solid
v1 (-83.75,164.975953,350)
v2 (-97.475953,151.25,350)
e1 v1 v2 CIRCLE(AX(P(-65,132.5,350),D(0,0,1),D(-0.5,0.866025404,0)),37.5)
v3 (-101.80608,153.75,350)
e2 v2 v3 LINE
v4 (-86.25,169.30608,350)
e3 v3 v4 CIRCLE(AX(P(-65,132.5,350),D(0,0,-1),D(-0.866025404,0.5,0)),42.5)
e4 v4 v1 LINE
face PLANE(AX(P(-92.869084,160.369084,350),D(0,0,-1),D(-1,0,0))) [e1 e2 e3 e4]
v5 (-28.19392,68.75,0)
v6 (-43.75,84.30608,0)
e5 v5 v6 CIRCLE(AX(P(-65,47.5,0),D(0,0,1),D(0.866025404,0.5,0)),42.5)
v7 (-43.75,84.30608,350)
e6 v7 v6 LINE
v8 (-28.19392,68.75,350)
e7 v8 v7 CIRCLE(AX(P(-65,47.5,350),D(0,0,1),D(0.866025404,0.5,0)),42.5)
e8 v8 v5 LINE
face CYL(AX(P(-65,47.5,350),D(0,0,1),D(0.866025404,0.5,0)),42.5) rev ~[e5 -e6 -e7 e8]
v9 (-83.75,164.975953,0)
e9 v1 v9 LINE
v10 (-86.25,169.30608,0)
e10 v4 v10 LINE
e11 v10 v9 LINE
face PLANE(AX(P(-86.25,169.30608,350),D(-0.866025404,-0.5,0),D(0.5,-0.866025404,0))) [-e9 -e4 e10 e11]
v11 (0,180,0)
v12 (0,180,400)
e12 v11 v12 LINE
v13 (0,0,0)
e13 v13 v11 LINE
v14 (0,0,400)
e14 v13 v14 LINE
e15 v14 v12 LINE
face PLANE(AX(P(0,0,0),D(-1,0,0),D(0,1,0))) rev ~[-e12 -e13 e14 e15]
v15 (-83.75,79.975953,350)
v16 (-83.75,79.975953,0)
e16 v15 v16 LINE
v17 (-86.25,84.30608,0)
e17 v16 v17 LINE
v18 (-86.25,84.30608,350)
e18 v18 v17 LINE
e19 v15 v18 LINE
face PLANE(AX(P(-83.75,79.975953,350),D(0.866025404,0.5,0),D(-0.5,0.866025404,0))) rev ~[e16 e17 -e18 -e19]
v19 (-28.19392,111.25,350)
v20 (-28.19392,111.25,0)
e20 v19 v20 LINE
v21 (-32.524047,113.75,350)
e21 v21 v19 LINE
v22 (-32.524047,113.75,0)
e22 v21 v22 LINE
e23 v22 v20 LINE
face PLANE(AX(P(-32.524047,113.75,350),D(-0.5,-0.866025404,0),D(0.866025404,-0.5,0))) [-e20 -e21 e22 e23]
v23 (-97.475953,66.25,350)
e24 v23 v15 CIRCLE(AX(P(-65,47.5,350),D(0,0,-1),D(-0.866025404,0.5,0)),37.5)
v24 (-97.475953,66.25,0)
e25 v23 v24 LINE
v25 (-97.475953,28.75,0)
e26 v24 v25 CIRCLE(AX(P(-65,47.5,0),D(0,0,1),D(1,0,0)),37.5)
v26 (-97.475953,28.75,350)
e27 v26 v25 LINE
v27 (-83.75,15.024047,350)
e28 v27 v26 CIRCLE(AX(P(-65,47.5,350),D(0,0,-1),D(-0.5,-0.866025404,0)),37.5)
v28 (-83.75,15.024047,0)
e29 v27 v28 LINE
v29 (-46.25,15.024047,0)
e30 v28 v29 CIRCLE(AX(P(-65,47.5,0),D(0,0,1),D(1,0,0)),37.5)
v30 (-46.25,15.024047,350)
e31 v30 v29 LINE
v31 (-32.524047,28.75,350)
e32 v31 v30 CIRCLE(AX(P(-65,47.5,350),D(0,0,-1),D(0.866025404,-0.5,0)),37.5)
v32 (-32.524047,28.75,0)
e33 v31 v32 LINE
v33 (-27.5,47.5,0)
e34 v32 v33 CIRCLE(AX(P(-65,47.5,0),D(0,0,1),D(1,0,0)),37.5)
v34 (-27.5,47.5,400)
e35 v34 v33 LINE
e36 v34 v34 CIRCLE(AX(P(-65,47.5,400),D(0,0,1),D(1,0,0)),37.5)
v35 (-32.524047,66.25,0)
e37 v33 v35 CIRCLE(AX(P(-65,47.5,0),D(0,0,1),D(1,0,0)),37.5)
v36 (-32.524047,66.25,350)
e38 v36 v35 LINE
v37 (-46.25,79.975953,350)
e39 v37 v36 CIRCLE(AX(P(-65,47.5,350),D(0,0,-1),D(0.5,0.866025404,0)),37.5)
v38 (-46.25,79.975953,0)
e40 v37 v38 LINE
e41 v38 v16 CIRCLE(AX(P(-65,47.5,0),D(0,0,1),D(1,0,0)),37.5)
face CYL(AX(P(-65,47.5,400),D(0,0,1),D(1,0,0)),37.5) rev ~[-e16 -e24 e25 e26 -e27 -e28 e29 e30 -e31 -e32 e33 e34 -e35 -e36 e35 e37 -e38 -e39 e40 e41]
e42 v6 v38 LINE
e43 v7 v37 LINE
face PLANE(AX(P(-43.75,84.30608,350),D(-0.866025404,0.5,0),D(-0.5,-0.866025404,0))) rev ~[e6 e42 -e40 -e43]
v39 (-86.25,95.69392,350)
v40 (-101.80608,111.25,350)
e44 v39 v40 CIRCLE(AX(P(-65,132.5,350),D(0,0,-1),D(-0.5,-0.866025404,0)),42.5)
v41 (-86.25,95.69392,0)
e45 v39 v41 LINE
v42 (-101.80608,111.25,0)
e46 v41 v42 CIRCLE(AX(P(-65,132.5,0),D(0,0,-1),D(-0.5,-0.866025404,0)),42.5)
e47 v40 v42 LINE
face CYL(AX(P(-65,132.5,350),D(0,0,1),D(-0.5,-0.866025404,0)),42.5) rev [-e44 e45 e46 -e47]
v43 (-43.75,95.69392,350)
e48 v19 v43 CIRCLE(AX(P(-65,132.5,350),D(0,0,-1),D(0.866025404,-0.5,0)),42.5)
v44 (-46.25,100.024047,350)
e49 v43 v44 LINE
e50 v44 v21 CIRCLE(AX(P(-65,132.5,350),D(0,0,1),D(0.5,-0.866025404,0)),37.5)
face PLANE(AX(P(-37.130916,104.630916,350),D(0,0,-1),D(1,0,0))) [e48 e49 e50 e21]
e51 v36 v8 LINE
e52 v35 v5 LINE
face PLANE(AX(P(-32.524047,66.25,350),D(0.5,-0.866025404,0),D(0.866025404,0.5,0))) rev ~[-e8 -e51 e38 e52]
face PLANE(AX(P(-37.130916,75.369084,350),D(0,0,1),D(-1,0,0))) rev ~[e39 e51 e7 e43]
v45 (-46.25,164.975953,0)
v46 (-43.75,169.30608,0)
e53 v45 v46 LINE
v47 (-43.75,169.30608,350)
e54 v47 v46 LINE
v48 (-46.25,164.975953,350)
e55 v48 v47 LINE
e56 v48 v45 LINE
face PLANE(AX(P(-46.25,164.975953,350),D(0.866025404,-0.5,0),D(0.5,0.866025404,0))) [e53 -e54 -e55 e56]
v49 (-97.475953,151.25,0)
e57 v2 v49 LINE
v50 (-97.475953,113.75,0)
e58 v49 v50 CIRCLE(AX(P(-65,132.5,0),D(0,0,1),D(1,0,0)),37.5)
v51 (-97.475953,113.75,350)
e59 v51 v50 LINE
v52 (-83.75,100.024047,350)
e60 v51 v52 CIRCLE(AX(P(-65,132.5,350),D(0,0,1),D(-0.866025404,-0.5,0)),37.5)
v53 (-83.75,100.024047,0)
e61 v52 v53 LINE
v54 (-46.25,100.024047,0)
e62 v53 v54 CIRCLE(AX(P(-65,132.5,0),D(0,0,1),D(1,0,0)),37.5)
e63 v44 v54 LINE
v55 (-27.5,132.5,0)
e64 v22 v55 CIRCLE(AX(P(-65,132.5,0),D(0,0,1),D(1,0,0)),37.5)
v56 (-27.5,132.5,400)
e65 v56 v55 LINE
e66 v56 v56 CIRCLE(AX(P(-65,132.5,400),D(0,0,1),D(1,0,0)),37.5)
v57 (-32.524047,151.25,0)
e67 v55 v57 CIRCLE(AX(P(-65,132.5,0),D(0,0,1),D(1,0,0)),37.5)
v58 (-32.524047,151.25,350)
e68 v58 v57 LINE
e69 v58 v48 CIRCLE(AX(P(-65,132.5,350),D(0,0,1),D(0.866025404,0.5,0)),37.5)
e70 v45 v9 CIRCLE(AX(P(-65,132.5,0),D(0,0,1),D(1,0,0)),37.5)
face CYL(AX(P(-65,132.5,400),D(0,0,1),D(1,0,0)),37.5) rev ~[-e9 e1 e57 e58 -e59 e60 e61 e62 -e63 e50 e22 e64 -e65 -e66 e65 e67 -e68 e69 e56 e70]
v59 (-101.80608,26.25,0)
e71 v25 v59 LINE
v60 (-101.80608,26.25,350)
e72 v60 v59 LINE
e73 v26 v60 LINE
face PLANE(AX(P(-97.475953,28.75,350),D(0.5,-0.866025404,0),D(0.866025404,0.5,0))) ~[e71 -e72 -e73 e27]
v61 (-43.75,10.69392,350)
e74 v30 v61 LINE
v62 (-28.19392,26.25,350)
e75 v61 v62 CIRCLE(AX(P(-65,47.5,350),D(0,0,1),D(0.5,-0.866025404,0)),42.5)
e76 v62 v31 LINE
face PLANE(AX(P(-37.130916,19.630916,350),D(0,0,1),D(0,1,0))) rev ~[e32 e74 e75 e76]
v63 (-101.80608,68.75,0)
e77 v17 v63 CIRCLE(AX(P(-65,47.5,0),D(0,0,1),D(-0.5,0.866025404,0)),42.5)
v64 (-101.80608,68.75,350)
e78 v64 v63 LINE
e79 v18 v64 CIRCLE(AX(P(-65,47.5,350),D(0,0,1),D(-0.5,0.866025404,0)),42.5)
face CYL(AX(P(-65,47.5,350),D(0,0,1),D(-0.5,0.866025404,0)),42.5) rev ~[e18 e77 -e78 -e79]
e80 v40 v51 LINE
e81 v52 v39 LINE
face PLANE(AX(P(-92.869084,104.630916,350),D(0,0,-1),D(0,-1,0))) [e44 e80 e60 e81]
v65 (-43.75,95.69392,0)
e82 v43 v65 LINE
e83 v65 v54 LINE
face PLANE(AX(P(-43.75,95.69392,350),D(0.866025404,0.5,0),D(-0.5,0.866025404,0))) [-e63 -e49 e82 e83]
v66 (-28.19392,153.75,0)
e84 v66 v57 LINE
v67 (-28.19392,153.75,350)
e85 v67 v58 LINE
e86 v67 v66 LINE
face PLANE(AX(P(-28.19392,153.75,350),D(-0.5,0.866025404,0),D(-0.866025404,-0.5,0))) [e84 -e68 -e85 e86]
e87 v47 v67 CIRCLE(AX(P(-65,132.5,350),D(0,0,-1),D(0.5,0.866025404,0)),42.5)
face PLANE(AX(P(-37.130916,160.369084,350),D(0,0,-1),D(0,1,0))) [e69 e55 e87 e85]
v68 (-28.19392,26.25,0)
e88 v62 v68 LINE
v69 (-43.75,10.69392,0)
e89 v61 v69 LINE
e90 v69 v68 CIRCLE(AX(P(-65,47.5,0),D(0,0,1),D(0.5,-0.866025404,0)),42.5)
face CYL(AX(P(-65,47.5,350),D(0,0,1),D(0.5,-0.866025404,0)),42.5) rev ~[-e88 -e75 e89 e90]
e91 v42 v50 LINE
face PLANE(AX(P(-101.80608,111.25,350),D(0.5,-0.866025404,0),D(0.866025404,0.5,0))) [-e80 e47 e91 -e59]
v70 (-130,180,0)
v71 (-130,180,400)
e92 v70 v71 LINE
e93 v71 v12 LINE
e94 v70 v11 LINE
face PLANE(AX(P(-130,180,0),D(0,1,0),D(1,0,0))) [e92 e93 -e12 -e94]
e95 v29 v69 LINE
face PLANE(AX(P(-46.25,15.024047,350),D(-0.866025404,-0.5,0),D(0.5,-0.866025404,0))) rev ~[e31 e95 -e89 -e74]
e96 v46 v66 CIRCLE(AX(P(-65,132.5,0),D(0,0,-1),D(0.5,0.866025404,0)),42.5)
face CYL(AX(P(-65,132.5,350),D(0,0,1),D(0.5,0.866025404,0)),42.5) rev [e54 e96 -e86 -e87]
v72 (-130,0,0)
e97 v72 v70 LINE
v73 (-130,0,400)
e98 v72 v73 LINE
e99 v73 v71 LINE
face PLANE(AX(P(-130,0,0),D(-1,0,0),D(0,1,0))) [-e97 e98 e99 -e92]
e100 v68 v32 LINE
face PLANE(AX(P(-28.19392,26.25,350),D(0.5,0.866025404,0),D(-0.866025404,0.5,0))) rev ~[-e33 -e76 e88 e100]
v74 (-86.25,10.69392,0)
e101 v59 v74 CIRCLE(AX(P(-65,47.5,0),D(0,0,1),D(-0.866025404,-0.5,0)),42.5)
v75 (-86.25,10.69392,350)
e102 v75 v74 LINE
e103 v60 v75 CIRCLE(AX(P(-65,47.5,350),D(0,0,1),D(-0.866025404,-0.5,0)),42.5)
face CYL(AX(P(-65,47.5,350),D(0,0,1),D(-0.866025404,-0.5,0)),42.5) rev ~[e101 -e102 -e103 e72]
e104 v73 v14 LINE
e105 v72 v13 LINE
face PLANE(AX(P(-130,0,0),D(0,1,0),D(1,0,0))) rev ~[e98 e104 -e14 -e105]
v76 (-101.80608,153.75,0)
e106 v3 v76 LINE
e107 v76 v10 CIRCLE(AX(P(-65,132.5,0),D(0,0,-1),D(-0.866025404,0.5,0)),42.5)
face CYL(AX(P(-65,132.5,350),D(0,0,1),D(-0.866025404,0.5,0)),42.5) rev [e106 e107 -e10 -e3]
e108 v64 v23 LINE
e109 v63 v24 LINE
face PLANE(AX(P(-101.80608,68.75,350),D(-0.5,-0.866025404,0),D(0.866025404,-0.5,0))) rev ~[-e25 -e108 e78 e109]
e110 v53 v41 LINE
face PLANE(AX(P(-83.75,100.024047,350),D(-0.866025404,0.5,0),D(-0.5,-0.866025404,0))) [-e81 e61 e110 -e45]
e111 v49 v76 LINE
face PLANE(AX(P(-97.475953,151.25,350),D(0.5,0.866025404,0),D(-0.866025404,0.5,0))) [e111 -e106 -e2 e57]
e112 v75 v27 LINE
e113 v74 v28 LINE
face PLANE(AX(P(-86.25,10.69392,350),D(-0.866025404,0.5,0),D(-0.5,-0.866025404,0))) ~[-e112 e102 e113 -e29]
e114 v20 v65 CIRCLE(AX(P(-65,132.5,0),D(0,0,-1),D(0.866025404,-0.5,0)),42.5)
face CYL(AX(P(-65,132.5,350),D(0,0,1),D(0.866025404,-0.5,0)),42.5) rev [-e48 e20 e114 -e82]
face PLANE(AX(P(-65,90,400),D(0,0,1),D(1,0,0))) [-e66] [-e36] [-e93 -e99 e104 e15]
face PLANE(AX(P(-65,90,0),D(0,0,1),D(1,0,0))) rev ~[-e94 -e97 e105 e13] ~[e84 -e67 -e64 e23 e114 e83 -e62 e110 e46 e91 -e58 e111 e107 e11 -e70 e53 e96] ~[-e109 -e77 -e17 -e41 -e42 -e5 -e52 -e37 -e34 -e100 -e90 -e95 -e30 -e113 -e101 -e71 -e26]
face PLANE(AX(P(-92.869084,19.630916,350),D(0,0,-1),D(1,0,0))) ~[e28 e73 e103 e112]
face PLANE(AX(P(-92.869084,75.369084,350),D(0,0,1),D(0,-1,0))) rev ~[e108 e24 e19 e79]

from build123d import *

# Parameters (mm, degrees)
SKETCH_1_W               = 130
SKETCH_1_H               = 180
EXTRUDE_1_DEPTH          = 400
SKETCH_2_R               = 37.5
CUT_EXTRUDE_1_DEPTH      = 458.493169348
CUT_EXTRUDE_START        = -350
CUT_EXTRUDE_2_DEPTH      = 350
PATTERN_CIRCULAR_1_COUNT = 4
MIRROR_START             = -350
MIRROR_1_COPY_1_DEPTH    = 350
MIRROR_1_COPY_2_DEPTH    = 350
MIRROR_1_COPY_3_DEPTH    = 350
MIRROR_1_COPY_4_DEPTH    = 350


with BuildPart() as part:
    # 草圖1 → 填料-伸長1 (new body)
    with BuildSketch(Plane.XY):
        with Locations((-65, 90)):
            Rectangle(SKETCH_1_W, SKETCH_1_H)
    extrude(amount=EXTRUDE_1_DEPTH)

    # 草圖2 → 除料-伸長1 (cut, through all)
    with BuildSketch(Plane.XY.offset(400)):
        with Locations((-65, 132.5)):
            Circle(SKETCH_2_R)
        with Locations((-65, 47.5)):
            Circle(SKETCH_2_R)
    extrude(amount=-CUT_EXTRUDE_1_DEPTH, mode=Mode.SUBTRACT)

    # 草圖4 → 除料-伸長2 (cut)
    with BuildSketch(Plane(origin=(0, 0, 0), x_dir=(-1, 0, 0), z_dir=(0, 0, -1)).offset(CUT_EXTRUDE_START)):
        with BuildLine():
            Line((86.25, 169.306079661), (83.75, 164.975952642))
            ThreePointArc((83.75, 164.975952642), (91.516504294, 159.016504294), (97.475952642, 151.25))
            Line((97.475952642, 151.25), (101.806079661, 153.75))
            ThreePointArc((101.806079661, 153.75), (95.0520382, 162.5520382), (86.25, 169.306079661))
        make_face()
    cut_extrude_2 = extrude(amount=CUT_EXTRUDE_2_DEPTH, mode=Mode.SUBTRACT)

    # 環狀複製排列1: 除料-伸長2 ×4 about axis
    pattern_circular_1_axis = Axis((-65, 132.5, 0), (0, 0, 1))
    for i in range(1, PATTERN_CIRCULAR_1_COUNT):
        add(cut_extrude_2.rotate(pattern_circular_1_axis, i * 360 / PATTERN_CIRCULAR_1_COUNT), mode=Mode.SUBTRACT)

    # 鏡射1 copy 1 sketch → 鏡射1 copy 1 (cut)
    with BuildSketch(Plane(origin=(67.5, -17.5, 0), x_dir=(0, 1, 0), z_dir=(0, 0, -1)).offset(MIRROR_START)):
        with BuildLine():
            Line((86.25, -169.306079661), (83.75, -164.975952642))
            ThreePointArc((83.75, -164.975952642), (91.516504294, -159.016504294), (97.475952642, -151.25))
            Line((97.475952642, -151.25), (101.806079661, -153.75))
            ThreePointArc((101.806079661, -153.75), (95.0520382, -162.5520382), (86.25, -169.306079661))
        make_face()
    extrude(amount=MIRROR_1_COPY_1_DEPTH, mode=Mode.SUBTRACT)

    # 鏡射1 copy 2 sketch → 鏡射1 copy 2 (cut)
    with BuildSketch(Plane(origin=(-130, -85, 0), x_dir=(1, 0, 0), z_dir=(0, 0, -1)).offset(MIRROR_START)):
        with BuildLine():
            Line((86.25, -169.306079661), (83.75, -164.975952642))
            ThreePointArc((83.75, -164.975952642), (91.516504294, -159.016504294), (97.475952642, -151.25))
            Line((97.475952642, -151.25), (101.806079661, -153.75))
            ThreePointArc((101.806079661, -153.75), (95.0520382, -162.5520382), (86.25, -169.306079661))
        make_face()
    extrude(amount=MIRROR_1_COPY_2_DEPTH, mode=Mode.SUBTRACT)

    # 鏡射1 copy 3 sketch → 鏡射1 copy 3 (cut)
    with BuildSketch(Plane(origin=(-197.5, 112.5, 0), x_dir=(0, -1, 0), z_dir=(0, 0, -1)).offset(MIRROR_START)):
        with BuildLine():
            Line((86.25, -169.306079661), (83.75, -164.975952642))
            ThreePointArc((83.75, -164.975952642), (91.516504294, -159.016504294), (97.475952642, -151.25))
            Line((97.475952642, -151.25), (101.806079661, -153.75))
            ThreePointArc((101.806079661, -153.75), (95.0520382, -162.5520382), (86.25, -169.306079661))
        make_face()
    extrude(amount=MIRROR_1_COPY_3_DEPTH, mode=Mode.SUBTRACT)

    # 鏡射1 copy 4 sketch → 鏡射1 copy 4 (cut)
    with BuildSketch(Plane(origin=(0, 180, 0), x_dir=(-1, 0, 0), z_dir=(0, 0, -1)).offset(MIRROR_START)):
        with BuildLine():
            Line((86.25, -169.306079661), (83.75, -164.975952642))
            ThreePointArc((83.75, -164.975952642), (91.516504294, -159.016504294), (97.475952642, -151.25))
            Line((97.475952642, -151.25), (101.806079661, -153.75))
            ThreePointArc((101.806079661, -153.75), (95.0520382, -162.5520382), (86.25, -169.306079661))
        make_face()
    extrude(amount=MIRROR_1_COPY_4_DEPTH, mode=Mode.SUBTRACT)


solid = part.part
